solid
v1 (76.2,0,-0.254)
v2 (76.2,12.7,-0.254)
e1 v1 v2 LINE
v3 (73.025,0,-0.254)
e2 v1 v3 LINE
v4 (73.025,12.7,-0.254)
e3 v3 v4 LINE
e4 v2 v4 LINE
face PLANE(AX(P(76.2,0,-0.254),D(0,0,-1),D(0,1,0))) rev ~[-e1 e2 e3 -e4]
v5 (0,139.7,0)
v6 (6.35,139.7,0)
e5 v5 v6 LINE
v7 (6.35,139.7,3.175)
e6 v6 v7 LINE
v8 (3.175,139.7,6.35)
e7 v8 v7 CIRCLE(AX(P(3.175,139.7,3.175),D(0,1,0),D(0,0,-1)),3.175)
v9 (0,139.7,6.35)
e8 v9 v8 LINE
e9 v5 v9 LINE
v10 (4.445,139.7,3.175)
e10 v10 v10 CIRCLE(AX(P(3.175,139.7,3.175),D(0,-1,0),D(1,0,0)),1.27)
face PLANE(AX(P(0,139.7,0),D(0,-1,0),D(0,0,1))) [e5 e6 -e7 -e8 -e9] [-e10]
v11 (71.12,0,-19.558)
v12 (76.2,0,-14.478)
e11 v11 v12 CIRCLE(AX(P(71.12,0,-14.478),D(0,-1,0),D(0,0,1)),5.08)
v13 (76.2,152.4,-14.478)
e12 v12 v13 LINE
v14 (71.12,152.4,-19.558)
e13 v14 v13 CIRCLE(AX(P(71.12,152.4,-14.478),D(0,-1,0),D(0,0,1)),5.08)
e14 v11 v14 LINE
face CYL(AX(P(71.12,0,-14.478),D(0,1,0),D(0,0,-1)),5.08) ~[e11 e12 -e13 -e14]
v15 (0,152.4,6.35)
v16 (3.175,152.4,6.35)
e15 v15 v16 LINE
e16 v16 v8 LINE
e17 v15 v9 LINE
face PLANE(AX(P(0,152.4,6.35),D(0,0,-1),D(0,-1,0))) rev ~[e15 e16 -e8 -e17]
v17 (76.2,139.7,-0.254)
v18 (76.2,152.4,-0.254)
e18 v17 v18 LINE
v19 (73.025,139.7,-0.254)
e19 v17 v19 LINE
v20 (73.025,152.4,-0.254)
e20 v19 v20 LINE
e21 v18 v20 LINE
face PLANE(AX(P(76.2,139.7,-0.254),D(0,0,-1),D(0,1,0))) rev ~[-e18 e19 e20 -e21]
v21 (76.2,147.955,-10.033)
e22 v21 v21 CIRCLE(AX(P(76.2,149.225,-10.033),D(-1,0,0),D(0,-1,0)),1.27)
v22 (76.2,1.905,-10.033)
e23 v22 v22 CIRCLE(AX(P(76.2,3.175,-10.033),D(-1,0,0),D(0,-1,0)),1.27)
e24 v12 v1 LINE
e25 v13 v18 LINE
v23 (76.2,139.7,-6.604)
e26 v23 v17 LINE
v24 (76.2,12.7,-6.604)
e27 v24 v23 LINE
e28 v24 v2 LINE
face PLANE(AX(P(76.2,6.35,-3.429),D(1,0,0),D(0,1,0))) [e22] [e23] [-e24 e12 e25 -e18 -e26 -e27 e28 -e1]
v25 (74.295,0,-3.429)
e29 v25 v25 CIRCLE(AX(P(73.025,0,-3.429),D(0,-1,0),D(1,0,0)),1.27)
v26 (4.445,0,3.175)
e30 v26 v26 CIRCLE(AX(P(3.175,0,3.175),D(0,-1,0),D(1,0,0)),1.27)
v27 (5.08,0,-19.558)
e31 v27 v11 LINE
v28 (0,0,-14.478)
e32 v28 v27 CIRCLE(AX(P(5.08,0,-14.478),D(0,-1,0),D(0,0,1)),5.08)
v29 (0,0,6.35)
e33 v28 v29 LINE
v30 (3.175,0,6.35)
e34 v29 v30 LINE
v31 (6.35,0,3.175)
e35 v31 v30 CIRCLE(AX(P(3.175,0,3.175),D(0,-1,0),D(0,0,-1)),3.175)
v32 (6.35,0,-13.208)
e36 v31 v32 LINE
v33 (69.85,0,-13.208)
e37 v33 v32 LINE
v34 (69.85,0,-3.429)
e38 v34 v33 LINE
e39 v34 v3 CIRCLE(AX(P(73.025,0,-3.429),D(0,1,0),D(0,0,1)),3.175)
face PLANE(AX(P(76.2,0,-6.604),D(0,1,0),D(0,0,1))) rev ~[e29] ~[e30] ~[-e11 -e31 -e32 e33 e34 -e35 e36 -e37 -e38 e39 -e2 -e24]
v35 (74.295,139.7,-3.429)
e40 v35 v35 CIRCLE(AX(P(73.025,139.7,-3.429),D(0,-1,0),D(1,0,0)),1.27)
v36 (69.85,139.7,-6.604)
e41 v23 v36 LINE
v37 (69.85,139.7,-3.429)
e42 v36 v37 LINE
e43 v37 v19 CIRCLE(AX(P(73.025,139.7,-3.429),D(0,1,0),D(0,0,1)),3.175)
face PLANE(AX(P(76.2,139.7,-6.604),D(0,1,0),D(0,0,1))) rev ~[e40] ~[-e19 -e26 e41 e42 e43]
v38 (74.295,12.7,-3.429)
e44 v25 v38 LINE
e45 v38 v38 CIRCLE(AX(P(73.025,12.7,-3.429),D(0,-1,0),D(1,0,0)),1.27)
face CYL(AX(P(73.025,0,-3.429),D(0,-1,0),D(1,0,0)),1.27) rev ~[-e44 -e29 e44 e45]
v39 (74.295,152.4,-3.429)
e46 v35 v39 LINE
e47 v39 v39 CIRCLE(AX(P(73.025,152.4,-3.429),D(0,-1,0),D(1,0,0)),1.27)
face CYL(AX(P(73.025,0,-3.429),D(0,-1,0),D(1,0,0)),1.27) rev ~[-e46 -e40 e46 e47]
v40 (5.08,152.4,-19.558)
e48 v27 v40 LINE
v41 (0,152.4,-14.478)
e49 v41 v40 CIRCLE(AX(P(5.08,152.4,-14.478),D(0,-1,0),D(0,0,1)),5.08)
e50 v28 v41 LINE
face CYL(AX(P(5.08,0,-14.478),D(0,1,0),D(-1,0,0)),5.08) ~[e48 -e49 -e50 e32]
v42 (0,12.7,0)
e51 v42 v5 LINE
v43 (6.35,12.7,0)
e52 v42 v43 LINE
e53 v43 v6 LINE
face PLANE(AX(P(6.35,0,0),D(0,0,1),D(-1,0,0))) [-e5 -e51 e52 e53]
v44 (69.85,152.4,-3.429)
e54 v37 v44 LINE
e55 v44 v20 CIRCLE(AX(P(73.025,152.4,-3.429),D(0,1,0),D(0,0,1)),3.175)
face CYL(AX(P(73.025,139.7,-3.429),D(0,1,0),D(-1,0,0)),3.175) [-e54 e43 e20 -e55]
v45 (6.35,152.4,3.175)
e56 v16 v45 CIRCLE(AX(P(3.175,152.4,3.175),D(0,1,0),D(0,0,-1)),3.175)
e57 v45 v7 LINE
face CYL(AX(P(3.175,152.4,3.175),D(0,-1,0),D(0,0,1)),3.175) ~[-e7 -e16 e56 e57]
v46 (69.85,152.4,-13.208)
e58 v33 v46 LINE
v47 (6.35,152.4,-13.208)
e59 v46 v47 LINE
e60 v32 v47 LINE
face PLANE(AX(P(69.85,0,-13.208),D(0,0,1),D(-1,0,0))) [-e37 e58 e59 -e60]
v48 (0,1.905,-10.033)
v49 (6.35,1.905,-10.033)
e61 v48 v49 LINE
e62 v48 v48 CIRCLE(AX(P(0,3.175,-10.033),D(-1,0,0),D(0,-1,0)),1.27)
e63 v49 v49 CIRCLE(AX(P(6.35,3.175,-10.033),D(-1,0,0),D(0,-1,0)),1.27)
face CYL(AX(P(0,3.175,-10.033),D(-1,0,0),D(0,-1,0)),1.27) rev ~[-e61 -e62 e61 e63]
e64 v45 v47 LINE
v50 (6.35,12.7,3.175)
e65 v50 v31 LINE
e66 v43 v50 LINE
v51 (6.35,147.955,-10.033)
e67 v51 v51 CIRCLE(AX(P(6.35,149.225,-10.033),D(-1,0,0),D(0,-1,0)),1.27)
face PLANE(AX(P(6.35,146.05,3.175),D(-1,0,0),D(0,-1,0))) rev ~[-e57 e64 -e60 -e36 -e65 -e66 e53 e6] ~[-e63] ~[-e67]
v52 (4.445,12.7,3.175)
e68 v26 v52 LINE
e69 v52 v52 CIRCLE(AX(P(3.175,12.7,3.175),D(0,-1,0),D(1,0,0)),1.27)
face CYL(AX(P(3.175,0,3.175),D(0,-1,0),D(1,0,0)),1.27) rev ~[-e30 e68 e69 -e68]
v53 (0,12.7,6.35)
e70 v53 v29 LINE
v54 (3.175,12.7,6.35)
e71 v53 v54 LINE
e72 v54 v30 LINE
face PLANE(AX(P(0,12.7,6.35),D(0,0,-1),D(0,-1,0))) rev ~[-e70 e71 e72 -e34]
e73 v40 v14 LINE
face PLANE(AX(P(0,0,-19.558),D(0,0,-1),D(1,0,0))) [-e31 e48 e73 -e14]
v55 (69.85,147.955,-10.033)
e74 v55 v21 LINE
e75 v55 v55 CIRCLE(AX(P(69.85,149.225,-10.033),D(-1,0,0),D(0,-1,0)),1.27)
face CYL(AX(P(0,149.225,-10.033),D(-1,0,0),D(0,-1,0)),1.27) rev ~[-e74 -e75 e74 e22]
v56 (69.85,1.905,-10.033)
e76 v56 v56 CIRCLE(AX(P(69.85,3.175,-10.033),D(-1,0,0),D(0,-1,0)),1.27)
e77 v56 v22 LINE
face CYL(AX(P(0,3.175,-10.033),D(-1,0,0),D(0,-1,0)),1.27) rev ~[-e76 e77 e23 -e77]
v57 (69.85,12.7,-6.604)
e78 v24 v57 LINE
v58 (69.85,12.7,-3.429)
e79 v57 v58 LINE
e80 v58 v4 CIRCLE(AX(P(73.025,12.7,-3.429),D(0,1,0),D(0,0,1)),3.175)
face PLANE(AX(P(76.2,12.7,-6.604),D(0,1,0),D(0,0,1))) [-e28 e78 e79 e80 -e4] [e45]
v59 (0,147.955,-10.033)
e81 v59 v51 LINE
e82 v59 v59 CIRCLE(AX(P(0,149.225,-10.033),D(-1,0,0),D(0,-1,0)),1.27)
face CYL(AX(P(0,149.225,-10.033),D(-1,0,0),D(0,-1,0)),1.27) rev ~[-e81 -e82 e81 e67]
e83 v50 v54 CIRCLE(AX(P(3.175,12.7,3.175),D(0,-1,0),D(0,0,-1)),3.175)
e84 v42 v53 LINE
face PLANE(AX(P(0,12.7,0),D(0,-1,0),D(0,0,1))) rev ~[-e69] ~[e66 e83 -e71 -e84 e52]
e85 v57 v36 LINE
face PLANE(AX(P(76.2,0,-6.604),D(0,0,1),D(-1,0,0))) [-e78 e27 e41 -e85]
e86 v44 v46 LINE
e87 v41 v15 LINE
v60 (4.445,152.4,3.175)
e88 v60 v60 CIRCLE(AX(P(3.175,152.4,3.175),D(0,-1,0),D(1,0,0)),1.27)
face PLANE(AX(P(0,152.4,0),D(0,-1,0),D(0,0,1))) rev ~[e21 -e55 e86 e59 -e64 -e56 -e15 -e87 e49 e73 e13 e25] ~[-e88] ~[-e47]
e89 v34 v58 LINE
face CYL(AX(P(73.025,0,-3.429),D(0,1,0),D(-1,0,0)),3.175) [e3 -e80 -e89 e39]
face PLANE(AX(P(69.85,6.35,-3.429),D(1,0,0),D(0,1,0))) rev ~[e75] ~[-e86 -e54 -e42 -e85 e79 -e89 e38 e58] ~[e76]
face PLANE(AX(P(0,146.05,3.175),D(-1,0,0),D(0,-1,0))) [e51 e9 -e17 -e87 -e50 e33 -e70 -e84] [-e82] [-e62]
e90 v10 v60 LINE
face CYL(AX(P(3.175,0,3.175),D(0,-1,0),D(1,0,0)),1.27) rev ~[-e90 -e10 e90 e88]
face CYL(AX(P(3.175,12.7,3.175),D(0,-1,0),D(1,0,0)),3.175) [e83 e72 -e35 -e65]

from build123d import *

# Parameters (mm, degrees)
F1_DEPTH  = 152.4
F2_R      = 5.08
F4_R      = 1.27
F5_DEPTH  = 76.201
F6_W      = 12.7
F6_H      = 6.35
F7_DEPTH  = 6.35
F8_W      = 12.7
F8_H      = 6.35
F9_DEPTH  = 6.35
F10_R     = 1.27
F11_DEPTH = 152.401
F12_R     = 3.175


with BuildPart() as f1:
    # F0 (on Front) → F1 (new body)
    with BuildSketch(Plane.XZ):
        Polygon((0, 0), (0, -19.558), (76.2, -19.558), (76.2, -6.604), (69.85, -6.604), (69.85, -13.208), (6.35, -13.208), (6.35, 0), align=None)
    extrude(amount=-F1_DEPTH)

    # F2
    f2_edges = [f1.edges().sort_by_distance(p)[0] for p in [
        (0, 76.2, -19.558),
        (76.2, 76.2, -19.558),
    ]]
    fillet(f2_edges, radius=F2_R)

    # F4 (on face) → F5 (cut, through all)
    with BuildSketch(Plane(origin=(0, 0, 0), x_dir=(0, -1, 0), z_dir=(-1, 0, 0))):
        with Locations((-149.225, -10.033)):
            Circle(F4_R)
        with Locations((-3.175, -10.033)):
            Circle(F4_R)
    extrude(amount=-F5_DEPTH, mode=Mode.SUBTRACT)

    # F6 (on face) → F7 (join)
    with BuildSketch(Plane.YZ.offset(76.2)):
        with Locations((6.35, -3.429)):
            Rectangle(F6_W, F6_H)
        with Locations((146.05, -3.429)):
            Rectangle(F6_W, F6_H)
    extrude(amount=-F7_DEPTH)

    # F8 (on face) → F9 (join)
    with BuildSketch(Plane(origin=(0, 0, 0), x_dir=(0, -1, 0), z_dir=(-1, 0, 0))):
        with Locations((-146.05, 3.175)):
            Rectangle(F8_W, F8_H)
        with Locations((-6.35, 3.175)):
            Rectangle(F8_W, F8_H)
    extrude(amount=-F9_DEPTH)

    # F10 (on face) → F11 (cut, through all)
    with BuildSketch(Plane.XZ):
        with Locations((73.025, -3.429)):
            Circle(F10_R)
        with Locations((3.175, 3.175)):
            Circle(F10_R)
    extrude(amount=-F11_DEPTH, mode=Mode.SUBTRACT)

    # F12
    f12_edges = [f1.edges().sort_by_distance(p)[0] for p in [
        (69.85, 6.35, -0.254),
        (69.85, 146.05, -0.254),
        (6.35, 6.35, 6.35),
        (6.35, 146.05, 6.35),
    ]]
    fillet(f12_edges, radius=F12_R)


solid = f1.part
